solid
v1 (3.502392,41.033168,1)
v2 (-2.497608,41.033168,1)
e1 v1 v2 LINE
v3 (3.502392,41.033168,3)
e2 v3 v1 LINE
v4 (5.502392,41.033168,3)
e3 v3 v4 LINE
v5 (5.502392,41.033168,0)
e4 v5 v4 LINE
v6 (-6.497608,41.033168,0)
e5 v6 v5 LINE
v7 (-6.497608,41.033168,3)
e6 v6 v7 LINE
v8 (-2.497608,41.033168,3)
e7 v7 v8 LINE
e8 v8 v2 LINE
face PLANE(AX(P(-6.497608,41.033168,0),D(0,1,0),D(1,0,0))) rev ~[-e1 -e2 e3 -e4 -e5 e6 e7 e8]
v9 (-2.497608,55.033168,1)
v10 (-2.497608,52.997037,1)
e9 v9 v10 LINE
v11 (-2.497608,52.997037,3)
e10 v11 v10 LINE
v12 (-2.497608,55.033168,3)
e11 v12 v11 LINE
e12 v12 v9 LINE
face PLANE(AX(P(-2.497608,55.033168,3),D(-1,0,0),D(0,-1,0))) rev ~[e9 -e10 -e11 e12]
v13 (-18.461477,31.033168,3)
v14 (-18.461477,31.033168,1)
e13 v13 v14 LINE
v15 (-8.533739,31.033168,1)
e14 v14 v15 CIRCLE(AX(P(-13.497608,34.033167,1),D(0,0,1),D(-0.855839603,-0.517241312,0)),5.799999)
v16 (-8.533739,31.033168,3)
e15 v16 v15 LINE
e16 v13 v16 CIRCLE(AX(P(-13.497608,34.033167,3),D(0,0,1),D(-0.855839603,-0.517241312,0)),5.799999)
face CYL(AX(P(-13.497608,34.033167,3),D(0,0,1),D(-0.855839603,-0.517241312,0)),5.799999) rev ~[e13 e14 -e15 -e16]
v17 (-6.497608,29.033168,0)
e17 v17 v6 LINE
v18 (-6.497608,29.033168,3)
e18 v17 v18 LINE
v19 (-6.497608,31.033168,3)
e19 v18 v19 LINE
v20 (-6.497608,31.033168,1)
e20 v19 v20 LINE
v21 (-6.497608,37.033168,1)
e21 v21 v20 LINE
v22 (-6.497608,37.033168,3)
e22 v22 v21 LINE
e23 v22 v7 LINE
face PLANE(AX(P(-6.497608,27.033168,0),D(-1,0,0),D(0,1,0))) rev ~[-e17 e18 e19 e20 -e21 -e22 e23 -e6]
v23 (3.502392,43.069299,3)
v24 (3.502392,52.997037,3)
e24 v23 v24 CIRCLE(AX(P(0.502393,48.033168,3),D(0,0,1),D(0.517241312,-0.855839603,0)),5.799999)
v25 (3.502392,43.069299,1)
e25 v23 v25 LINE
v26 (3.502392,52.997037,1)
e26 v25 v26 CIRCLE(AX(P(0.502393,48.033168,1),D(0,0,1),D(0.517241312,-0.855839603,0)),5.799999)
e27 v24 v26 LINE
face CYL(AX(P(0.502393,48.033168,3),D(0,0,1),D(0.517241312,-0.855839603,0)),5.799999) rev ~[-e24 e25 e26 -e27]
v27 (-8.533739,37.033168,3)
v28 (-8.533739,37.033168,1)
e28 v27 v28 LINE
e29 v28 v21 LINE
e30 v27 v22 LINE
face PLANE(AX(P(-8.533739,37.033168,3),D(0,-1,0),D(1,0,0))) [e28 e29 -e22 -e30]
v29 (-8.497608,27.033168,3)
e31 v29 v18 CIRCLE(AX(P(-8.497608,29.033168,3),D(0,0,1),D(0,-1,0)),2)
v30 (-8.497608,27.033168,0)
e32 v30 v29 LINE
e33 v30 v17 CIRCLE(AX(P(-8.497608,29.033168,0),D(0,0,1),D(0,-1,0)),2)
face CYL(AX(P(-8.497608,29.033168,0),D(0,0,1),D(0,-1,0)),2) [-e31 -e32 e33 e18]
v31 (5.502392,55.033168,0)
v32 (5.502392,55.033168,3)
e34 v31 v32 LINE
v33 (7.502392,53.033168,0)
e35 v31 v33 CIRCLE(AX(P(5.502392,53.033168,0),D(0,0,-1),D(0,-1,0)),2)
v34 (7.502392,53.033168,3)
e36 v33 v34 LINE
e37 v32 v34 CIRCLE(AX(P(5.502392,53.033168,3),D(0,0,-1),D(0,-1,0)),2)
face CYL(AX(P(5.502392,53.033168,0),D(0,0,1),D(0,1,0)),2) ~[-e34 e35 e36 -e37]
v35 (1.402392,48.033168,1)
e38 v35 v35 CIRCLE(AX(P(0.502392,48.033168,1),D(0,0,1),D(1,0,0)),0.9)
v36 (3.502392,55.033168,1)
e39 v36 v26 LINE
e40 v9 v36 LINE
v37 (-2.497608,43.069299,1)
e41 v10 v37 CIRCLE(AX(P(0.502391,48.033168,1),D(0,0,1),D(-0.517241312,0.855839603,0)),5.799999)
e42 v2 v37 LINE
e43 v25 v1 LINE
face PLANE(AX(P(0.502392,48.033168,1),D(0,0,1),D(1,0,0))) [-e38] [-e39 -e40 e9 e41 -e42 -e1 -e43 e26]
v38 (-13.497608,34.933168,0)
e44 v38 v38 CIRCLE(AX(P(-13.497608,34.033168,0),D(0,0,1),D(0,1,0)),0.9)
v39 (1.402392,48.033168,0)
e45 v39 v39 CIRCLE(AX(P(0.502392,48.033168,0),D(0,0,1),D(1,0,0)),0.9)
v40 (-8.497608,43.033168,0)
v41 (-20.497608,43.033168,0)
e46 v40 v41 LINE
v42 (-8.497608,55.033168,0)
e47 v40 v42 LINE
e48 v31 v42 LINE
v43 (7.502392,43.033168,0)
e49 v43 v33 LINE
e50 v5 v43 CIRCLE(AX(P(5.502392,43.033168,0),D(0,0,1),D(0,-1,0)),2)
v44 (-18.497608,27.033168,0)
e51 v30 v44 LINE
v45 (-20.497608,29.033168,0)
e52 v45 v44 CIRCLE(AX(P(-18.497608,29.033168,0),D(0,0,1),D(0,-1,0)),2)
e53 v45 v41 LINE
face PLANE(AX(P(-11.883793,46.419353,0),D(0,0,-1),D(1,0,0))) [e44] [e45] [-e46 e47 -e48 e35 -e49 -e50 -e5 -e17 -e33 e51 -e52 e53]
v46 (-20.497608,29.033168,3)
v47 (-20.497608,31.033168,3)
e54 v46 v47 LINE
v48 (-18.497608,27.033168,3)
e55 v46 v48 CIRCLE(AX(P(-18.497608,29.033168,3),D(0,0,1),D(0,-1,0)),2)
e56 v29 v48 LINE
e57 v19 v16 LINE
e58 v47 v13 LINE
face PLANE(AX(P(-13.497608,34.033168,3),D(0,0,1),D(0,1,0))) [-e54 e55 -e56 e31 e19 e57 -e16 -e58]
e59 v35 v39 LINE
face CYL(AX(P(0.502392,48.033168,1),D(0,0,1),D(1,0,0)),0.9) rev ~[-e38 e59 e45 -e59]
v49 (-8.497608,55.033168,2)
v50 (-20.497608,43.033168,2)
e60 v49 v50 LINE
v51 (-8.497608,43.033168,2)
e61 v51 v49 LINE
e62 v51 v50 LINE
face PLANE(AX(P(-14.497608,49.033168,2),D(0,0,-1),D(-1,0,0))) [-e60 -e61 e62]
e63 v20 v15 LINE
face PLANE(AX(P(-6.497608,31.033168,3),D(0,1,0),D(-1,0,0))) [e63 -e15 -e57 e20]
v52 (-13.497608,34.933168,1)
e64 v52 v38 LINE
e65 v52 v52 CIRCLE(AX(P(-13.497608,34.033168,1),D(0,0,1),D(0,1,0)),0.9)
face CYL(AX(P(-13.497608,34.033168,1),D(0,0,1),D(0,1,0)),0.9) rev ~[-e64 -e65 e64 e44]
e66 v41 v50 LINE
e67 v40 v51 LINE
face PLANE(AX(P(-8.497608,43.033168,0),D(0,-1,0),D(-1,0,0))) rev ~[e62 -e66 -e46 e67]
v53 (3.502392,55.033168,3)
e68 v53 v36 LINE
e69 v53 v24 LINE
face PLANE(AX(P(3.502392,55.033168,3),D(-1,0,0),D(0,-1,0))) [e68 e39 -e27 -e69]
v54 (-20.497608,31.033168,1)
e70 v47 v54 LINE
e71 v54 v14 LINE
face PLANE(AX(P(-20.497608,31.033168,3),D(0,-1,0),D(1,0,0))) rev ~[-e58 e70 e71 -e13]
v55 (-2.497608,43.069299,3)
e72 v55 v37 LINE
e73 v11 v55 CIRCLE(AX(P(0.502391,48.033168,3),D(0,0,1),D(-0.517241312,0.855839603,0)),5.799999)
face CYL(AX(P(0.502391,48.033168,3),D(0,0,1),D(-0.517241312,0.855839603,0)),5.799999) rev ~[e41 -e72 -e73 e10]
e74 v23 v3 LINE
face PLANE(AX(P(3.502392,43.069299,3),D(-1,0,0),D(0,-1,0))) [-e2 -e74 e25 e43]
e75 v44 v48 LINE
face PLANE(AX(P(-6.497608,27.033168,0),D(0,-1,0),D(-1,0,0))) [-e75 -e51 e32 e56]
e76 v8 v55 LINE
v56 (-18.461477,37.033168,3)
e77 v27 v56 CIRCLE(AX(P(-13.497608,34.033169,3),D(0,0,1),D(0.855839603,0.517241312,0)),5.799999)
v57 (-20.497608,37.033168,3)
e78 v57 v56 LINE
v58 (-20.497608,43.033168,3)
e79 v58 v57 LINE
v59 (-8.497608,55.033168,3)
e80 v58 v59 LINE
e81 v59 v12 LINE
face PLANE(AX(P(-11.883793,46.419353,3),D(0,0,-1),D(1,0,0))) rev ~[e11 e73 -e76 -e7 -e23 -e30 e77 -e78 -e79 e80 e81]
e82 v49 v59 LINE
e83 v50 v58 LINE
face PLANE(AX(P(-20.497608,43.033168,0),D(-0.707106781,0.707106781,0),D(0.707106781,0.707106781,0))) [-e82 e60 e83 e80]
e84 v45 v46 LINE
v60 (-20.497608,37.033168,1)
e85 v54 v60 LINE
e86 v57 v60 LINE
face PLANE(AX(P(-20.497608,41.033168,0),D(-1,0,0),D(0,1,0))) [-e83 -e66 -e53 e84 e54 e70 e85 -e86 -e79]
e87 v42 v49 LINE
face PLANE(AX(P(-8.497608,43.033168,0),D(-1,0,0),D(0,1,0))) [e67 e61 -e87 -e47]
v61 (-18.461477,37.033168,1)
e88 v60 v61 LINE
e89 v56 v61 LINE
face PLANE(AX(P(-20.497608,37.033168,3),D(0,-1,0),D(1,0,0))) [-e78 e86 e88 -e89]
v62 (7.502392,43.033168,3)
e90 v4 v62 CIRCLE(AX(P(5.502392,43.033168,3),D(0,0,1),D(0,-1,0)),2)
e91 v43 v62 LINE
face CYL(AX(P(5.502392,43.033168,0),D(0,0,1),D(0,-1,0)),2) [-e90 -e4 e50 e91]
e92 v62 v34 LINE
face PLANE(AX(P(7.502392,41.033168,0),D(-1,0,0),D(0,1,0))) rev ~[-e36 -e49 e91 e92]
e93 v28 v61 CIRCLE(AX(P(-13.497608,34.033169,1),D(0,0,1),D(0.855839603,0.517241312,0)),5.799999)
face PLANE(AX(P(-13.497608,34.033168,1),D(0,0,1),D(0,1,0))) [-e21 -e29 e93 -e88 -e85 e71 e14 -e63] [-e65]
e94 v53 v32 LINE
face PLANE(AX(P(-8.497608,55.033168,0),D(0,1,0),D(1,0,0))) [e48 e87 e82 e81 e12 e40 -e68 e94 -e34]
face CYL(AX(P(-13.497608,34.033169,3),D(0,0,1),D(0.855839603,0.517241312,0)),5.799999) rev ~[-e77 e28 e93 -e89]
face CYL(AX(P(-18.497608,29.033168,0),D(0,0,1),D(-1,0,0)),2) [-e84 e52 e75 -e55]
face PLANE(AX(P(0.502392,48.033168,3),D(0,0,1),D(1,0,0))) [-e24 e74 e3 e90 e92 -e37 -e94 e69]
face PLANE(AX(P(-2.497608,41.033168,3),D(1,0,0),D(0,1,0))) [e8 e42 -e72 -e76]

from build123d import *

# Parameters (mm, degrees)
SKETCH006_W                 = 14
SKETCH006_H                 = 14
PAD002_DEPTH                = 3
POCKET004_DEPTH             = 2
SKETCH008_R                 = 0.9
POCKET005_DEPTH             = 1.001
CLONE001007_PLACEMENT_ANGLE = 90
PAD_DEPTH                   = 3
SKETCH010_W                 = 12
SKETCH010_H                 = 12
POCKET_DEPTH                = 2
CLONE001006_PLACEMENT_ANGLE = 180
FILLET001_R                 = 2


with BuildPart() as pushpin_unit001:
    # Sketch006 → Pad002 (new body)
    with BuildSketch(Plane.XY):
        Rectangle(SKETCH006_W, SKETCH006_H)
    extrude(amount=PAD002_DEPTH)

    # Sketch007 → Pocket004 (cut)
    with BuildSketch(Plane.XY.offset(3)):
        with BuildLine():
            Line((-3, 7), (-3, 4.963869))
            ThreePointArc((-3, 4.963869), (-5.8, 0), (-3, -4.963869))
            Line((-3, -7), (-3, -4.963869))
            Line((3, -7), (-3, -7))
            Line((3, -4.963869), (3, -7))
            ThreePointArc((3, -4.963869), (5.8, 0), (3, 4.963869))
            Line((3, 7), (3, 4.963869))
            Line((-3, 7), (3, 7))
        make_face()
    extrude(amount=-POCKET004_DEPTH, mode=Mode.SUBTRACT)

    # Sketch008 → Pocket005 (cut, through all)
    with BuildSketch(Plane.XY.offset(1)):
        Circle(SKETCH008_R)
    extrude(amount=-POCKET005_DEPTH, mode=Mode.SUBTRACT)


with BuildPart() as pushpin_unit001_1:
    # Clone001005 placement: moved
    add(pushpin_unit001.part.moved(Location((14, 0, 0))))


with BuildPart() as pushpin_unit003:
    # Clone001007 base: copy of pushpin-unit001
    add(pushpin_unit001_1.part)


with BuildPart() as pushpin_unit003_1:
    # Clone001007 placement: moved
    add(pushpin_unit003.part.moved(Location((0, -28, 0))).rotate(Axis((0, -28, 0), (0, 0, 1)), CLONE001007_PLACEMENT_ANGLE))


with BuildPart() as pushpin_unit002:
    # Sketch → Pad (new body)
    with BuildSketch(Plane.XY):
        Polygon((-7, -7), (-7, 7), (7, 7), (7, 5), (-5, -7), align=None)
    extrude(amount=PAD_DEPTH)

    # Sketch010 → Pocket (cut)
    with BuildSketch(Plane(origin=(0, 0, 0), x_dir=(1, 0, 0), z_dir=(0, 0, -1))):
        with Locations((1, 1)):
            Rectangle(SKETCH010_W, SKETCH010_H)
    extrude(amount=-POCKET_DEPTH, mode=Mode.SUBTRACT)


with BuildPart() as pushpin_unit002_1:
    # Clone001006 placement: moved
    add(pushpin_unit002.part.rotate(Axis((0, 0, 0), (0, 0, 1)), CLONE001006_PLACEMENT_ANGLE))


with BuildPart() as corner_holder_double:
    # Fusion001 base: copy of pushpin-unit001
    add(pushpin_unit001_1.part)

    # Fusion001: union pushpin-unit003, pushpin-unit002
    add(pushpin_unit003_1.part)
    add(pushpin_unit002_1.part)

    # Fillet001
    fillet001_edges = [corner_holder_double.edges().sort_by_distance(p)[0] for p in [
        (21, 7, 1.5),
        (21, -7, 1.5),
        (7, -21, 1.5),
        (-7, -21, 1.5),
    ]]
    fillet(fillet001_edges, radius=FILLET001_R)


with BuildPart() as corner_holder_double_1:
    # Clone001008 placement: moved
    add(corner_holder_double.part.moved(Location((-13.497608, 48.033168, 0))))


solid = corner_holder_double_1.part
